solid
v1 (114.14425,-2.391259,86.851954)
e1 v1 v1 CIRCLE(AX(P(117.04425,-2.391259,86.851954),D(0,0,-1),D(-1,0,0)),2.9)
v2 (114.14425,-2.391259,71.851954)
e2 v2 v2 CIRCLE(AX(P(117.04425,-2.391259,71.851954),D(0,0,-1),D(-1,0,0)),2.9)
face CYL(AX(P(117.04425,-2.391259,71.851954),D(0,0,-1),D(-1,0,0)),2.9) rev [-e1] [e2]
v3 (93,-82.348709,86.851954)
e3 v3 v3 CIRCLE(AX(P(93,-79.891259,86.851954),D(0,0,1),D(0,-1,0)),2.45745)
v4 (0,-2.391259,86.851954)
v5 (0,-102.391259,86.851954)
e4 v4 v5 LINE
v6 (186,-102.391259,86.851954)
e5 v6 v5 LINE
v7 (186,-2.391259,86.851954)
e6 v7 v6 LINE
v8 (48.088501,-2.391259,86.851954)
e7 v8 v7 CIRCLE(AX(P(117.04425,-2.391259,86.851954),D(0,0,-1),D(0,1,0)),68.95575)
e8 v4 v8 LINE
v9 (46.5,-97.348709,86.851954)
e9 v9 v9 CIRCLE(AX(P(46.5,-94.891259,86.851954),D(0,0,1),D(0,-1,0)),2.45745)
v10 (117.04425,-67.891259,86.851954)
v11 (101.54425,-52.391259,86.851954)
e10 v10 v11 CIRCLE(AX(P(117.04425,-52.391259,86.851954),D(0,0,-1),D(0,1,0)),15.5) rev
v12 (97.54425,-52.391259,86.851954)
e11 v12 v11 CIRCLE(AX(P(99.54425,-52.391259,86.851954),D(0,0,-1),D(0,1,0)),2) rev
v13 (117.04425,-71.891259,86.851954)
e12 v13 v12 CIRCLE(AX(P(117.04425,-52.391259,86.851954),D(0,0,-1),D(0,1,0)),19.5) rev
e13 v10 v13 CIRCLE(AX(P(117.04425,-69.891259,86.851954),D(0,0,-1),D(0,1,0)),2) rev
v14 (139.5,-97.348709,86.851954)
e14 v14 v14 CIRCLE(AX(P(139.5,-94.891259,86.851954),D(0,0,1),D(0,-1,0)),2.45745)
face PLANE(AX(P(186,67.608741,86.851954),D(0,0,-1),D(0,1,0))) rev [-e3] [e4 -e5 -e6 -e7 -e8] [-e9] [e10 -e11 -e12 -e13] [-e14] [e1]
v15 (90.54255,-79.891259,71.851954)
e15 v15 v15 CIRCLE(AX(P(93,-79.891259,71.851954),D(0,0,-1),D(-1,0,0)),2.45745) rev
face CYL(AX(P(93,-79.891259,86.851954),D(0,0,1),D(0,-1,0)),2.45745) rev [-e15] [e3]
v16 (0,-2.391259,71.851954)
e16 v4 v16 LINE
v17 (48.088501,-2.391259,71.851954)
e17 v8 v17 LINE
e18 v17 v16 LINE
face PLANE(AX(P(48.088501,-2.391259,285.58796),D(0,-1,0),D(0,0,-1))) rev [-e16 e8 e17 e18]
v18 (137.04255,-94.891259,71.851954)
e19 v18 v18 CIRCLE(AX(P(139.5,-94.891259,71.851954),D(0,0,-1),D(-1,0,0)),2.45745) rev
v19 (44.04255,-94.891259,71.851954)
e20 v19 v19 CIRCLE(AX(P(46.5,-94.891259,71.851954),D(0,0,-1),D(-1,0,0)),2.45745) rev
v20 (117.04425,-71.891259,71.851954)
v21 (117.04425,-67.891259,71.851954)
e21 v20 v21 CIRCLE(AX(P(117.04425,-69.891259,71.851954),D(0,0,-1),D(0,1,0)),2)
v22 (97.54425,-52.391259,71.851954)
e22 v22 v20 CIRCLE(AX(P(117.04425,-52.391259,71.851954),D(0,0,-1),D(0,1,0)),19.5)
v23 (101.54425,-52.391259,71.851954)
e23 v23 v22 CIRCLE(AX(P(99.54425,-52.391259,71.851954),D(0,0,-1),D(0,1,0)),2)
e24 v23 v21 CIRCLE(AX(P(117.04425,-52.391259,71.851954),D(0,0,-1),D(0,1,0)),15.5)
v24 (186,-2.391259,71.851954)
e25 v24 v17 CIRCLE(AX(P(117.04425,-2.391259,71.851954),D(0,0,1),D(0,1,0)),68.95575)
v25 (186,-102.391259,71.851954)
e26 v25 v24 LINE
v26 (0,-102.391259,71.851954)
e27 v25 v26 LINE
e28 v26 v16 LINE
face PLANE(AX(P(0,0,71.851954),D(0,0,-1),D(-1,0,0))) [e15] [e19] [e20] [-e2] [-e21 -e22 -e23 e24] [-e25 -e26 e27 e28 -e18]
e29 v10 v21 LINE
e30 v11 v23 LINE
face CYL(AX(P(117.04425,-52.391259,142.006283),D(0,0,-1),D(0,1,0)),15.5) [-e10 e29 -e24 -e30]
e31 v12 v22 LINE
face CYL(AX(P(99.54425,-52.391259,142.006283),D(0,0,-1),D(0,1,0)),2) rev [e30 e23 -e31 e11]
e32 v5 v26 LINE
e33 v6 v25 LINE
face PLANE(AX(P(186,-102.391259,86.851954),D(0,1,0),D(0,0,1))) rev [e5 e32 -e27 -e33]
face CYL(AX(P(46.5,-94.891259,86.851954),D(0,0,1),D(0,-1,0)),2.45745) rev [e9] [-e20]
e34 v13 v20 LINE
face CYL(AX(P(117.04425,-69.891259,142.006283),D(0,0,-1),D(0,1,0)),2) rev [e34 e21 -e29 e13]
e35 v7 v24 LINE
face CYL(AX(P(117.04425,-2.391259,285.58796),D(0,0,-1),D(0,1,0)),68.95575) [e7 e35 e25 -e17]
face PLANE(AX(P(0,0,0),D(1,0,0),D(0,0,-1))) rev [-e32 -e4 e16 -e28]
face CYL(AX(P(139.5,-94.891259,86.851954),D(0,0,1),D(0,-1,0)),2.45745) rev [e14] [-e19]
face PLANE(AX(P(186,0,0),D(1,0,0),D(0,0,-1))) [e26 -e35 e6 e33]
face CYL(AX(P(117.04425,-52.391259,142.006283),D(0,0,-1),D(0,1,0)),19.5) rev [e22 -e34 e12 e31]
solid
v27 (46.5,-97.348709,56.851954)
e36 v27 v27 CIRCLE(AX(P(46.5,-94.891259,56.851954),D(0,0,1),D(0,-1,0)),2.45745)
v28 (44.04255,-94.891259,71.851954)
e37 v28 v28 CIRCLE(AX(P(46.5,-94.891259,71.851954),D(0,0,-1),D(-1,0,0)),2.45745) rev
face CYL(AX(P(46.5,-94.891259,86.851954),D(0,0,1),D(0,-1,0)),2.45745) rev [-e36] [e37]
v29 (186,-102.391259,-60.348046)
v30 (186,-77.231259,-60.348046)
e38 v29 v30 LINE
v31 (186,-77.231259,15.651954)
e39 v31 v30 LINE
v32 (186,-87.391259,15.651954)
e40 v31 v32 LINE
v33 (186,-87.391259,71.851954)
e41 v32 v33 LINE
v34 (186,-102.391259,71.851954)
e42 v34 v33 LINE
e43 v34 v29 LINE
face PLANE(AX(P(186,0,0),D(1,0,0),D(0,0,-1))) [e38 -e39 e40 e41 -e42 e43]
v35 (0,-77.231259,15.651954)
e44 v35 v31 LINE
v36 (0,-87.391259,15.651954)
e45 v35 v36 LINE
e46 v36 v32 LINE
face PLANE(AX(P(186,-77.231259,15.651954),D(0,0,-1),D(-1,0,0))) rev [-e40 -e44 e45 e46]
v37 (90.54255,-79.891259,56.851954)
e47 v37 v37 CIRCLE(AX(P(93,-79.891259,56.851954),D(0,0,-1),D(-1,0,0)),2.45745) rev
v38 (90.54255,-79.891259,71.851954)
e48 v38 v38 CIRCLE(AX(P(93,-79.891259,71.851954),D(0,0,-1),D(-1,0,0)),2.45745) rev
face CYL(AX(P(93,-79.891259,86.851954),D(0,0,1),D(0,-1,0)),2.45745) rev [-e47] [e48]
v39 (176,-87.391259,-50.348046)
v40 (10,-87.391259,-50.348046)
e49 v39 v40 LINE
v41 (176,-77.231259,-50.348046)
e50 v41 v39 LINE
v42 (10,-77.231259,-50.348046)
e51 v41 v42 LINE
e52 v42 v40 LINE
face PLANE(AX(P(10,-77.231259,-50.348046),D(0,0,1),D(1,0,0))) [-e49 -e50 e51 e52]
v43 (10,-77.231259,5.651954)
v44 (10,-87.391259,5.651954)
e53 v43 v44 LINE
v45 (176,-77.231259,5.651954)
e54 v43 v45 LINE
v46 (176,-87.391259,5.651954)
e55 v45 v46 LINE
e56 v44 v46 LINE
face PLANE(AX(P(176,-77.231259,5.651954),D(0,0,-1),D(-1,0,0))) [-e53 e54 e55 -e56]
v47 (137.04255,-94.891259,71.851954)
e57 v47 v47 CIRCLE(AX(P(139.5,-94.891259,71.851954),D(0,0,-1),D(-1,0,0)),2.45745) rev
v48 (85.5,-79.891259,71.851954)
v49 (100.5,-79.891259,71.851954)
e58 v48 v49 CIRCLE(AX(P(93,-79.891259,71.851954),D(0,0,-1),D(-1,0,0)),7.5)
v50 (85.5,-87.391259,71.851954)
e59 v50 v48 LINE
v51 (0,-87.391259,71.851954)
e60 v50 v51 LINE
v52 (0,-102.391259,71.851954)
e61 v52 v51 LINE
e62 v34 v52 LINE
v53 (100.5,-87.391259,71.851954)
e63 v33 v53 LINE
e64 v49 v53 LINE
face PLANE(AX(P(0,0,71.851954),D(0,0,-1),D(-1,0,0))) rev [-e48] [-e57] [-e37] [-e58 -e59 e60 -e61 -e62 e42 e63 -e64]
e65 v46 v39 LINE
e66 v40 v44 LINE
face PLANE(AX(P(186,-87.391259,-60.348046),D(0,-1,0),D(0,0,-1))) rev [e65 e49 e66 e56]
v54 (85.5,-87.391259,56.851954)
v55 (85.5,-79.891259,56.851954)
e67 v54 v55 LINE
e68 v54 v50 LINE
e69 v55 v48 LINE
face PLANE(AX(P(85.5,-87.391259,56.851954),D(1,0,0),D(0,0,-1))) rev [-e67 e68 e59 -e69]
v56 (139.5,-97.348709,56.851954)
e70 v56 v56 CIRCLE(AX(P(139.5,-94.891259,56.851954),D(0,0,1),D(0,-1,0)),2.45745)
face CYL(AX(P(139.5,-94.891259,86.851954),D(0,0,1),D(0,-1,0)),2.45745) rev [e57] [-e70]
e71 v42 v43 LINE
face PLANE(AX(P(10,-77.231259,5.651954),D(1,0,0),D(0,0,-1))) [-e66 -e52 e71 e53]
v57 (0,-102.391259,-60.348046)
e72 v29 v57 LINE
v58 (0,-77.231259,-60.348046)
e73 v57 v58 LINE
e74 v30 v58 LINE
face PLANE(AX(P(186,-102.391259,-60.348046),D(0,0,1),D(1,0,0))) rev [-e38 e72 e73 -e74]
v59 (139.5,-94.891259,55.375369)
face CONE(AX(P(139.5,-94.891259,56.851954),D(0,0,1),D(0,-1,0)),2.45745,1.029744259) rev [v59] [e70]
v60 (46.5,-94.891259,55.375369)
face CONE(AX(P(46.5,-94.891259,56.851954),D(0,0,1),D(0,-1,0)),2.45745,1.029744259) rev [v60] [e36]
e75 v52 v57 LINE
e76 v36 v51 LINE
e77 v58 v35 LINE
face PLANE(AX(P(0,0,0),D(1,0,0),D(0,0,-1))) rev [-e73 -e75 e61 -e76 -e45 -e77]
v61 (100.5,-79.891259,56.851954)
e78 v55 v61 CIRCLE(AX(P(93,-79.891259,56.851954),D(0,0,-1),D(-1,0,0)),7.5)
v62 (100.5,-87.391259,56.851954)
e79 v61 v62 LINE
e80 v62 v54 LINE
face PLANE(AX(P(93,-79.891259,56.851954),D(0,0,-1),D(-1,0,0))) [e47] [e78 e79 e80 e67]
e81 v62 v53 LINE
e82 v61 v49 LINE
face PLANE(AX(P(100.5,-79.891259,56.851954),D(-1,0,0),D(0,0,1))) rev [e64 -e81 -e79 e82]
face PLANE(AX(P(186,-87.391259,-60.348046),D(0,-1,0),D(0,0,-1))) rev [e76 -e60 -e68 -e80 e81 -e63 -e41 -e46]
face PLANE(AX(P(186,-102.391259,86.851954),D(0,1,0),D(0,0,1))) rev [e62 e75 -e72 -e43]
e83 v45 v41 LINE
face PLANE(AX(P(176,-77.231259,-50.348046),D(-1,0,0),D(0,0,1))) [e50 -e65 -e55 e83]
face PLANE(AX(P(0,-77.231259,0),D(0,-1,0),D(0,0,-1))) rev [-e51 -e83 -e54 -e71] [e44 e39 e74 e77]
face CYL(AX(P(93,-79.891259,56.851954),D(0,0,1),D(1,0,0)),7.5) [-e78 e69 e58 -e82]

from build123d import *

# Parameters (mm, degrees)
BOSS_EXTRUDE2_DEPTH       = 186
SKETCH3_W                 = 186
SKETCH3_H                 = 76
SKETCH3_W_2               = 166
SKETCH3_H_2               = 56
BOSS_EXTRUDE3_DEPTH       = 10.16
CUT_EXTRUDE5_DEPTH        = 15
M5_CLEARANCE_HOLE1_D      = 5.8
CUT_EXTRUDE6_DEPTH        = 15
BOSS_EXTRUDE4_DEPTH       = 15
F_8_CLEARANCE_HOLE1_D     = 4.9149
F_8_CLEARANCE_HOLE1_DEPTH = 30
F_8_CLEARANCE_HOLE1_TIP   = 1.476584928


with BuildPart() as part:
    # Sketch2 → Boss-Extrude2 (new body)
    with BuildSketch(Plane(origin=(0, 0, 0), x_dir=(0, 0, -1), z_dir=(1, 0, 0))):
        Polygon((-86.851953943, 67.608740711), (-86.851953943, -102.391259289), (60.348046057, -102.391259289), (60.348046057, -87.391259289), (-71.851953943, -87.391259289), (-71.851953943, 67.608740711), align=None)
    extrude(amount=BOSS_EXTRUDE2_DEPTH)

    # Sketch3 → Boss-Extrude3 (add)
    with BuildSketch(Plane(origin=(0, -87.391259289, 0), x_dir=(1, 0, 0), z_dir=(0, 1, 0))):
        with Locations((93, 22.348046057)):
            Rectangle(SKETCH3_W, SKETCH3_H)
        with Locations((93, 22.348046057)):
            Rectangle(SKETCH3_W_2, SKETCH3_H_2, mode=Mode.SUBTRACT)
    extrude(amount=BOSS_EXTRUDE3_DEPTH)

    # Sketch6 → Cut-Extrude5 (cut)
    with BuildSketch(Plane(origin=(0, 0, 71.851953943), x_dir=(-1, 0, 0), z_dir=(0, 0, -1))):
        with BuildLine():
            ThreePointArc((-97.544250495, -52.391259289), (-130.832832728, -38.602677055), (-117.044250495, -71.891259289))
            ThreePointArc((-117.044250495, -71.891259289), (-115.044250495, -69.891259289), (-117.044250495, -67.891259289))
            ThreePointArc((-117.044250495, -67.891259289), (-128.004405604, -41.43110418), (-101.544250495, -52.391259289))
            ThreePointArc((-101.544250495, -52.391259289), (-99.544250495, -54.391259289), (-97.544250495, -52.391259289))
        make_face()
    extrude(amount=-CUT_EXTRUDE5_DEPTH, mode=Mode.SUBTRACT)

    # M5 Clearance Hole1 (through all)
    with Locations(Plane(origin=(117.044250495, -2.391259289, 71.851953943), x_dir=(-1, 0, 0), z_dir=(0, 0, -1))):
        with Locations((0, 0)):
            Hole(M5_CLEARANCE_HOLE1_D / 2)

    # Sketch13 → Cut-Extrude6 (cut)
    with BuildSketch(Plane(origin=(0, 0, 71.851953943), x_dir=(-1, 0, 0), z_dir=(0, 0, -1))):
        with BuildLine():
            Line((-48.088500991, -2.391259289), (0, -2.391259289))
            Line((0, -2.391259289), (0, 67.608740711))
            Line((0, 67.608740711), (-186, 67.608740711))
            Line((-186, 67.608740711), (-186, -2.391259289))
            ThreePointArc((-186, -2.391259289), (-117.044250495, 66.564490216), (-48.088500991, -2.391259289))
        make_face()
    extrude(amount=-CUT_EXTRUDE6_DEPTH, mode=Mode.SUBTRACT)

    # Sketch16 → Boss-Extrude4 (add)
    with BuildSketch(Plane(origin=(0, 0, 71.851953943), x_dir=(-1, 0, 0), z_dir=(0, 0, -1))):
        with BuildLine():
            Line((-100.5, -79.891259289), (-100.5, -87.391259289))
            Line((-100.5, -87.391259289), (-85.5, -87.391259289))
            Line((-85.5, -87.391259289), (-85.5, -79.891259289))
            ThreePointArc((-85.5, -79.891259289), (-93, -72.391259289), (-100.5, -79.891259289))
        make_face()
    extrude(amount=BOSS_EXTRUDE4_DEPTH)

    # #8 Clearance Hole1
    with Locations(Plane(origin=(46.5, -94.891259289, 86.851953943), x_dir=(0, 1, 0), z_dir=(0, 0, 1))):
        with Locations((0, 0), (15, -46.5), (0, -93)):
            Hole(F_8_CLEARANCE_HOLE1_D / 2, depth=F_8_CLEARANCE_HOLE1_DEPTH)
            with Locations((0, 0, -(F_8_CLEARANCE_HOLE1_DEPTH + F_8_CLEARANCE_HOLE1_TIP / 2))):  # 118° drill point
                Cone(0, F_8_CLEARANCE_HOLE1_D / 2, F_8_CLEARANCE_HOLE1_TIP, mode=Mode.SUBTRACT)


with BuildPart() as body_2:
    # Split2: the piece on the far side of the plane
    add(part.part)
    split(bisect_by=Plane(origin=(0, 0, 71.851953943), x_dir=(-1, 0, 0), z_dir=(0, 0, -1)), keep=Keep.BOTTOM)


with BuildPart() as part_1:
    add(part.part)

    # Split2
    split(bisect_by=Plane(origin=(0, 0, 71.851953943), x_dir=(-1, 0, 0), z_dir=(0, 0, -1)), keep=Keep.TOP)


solid = Compound([body_2.part, part_1.part])
